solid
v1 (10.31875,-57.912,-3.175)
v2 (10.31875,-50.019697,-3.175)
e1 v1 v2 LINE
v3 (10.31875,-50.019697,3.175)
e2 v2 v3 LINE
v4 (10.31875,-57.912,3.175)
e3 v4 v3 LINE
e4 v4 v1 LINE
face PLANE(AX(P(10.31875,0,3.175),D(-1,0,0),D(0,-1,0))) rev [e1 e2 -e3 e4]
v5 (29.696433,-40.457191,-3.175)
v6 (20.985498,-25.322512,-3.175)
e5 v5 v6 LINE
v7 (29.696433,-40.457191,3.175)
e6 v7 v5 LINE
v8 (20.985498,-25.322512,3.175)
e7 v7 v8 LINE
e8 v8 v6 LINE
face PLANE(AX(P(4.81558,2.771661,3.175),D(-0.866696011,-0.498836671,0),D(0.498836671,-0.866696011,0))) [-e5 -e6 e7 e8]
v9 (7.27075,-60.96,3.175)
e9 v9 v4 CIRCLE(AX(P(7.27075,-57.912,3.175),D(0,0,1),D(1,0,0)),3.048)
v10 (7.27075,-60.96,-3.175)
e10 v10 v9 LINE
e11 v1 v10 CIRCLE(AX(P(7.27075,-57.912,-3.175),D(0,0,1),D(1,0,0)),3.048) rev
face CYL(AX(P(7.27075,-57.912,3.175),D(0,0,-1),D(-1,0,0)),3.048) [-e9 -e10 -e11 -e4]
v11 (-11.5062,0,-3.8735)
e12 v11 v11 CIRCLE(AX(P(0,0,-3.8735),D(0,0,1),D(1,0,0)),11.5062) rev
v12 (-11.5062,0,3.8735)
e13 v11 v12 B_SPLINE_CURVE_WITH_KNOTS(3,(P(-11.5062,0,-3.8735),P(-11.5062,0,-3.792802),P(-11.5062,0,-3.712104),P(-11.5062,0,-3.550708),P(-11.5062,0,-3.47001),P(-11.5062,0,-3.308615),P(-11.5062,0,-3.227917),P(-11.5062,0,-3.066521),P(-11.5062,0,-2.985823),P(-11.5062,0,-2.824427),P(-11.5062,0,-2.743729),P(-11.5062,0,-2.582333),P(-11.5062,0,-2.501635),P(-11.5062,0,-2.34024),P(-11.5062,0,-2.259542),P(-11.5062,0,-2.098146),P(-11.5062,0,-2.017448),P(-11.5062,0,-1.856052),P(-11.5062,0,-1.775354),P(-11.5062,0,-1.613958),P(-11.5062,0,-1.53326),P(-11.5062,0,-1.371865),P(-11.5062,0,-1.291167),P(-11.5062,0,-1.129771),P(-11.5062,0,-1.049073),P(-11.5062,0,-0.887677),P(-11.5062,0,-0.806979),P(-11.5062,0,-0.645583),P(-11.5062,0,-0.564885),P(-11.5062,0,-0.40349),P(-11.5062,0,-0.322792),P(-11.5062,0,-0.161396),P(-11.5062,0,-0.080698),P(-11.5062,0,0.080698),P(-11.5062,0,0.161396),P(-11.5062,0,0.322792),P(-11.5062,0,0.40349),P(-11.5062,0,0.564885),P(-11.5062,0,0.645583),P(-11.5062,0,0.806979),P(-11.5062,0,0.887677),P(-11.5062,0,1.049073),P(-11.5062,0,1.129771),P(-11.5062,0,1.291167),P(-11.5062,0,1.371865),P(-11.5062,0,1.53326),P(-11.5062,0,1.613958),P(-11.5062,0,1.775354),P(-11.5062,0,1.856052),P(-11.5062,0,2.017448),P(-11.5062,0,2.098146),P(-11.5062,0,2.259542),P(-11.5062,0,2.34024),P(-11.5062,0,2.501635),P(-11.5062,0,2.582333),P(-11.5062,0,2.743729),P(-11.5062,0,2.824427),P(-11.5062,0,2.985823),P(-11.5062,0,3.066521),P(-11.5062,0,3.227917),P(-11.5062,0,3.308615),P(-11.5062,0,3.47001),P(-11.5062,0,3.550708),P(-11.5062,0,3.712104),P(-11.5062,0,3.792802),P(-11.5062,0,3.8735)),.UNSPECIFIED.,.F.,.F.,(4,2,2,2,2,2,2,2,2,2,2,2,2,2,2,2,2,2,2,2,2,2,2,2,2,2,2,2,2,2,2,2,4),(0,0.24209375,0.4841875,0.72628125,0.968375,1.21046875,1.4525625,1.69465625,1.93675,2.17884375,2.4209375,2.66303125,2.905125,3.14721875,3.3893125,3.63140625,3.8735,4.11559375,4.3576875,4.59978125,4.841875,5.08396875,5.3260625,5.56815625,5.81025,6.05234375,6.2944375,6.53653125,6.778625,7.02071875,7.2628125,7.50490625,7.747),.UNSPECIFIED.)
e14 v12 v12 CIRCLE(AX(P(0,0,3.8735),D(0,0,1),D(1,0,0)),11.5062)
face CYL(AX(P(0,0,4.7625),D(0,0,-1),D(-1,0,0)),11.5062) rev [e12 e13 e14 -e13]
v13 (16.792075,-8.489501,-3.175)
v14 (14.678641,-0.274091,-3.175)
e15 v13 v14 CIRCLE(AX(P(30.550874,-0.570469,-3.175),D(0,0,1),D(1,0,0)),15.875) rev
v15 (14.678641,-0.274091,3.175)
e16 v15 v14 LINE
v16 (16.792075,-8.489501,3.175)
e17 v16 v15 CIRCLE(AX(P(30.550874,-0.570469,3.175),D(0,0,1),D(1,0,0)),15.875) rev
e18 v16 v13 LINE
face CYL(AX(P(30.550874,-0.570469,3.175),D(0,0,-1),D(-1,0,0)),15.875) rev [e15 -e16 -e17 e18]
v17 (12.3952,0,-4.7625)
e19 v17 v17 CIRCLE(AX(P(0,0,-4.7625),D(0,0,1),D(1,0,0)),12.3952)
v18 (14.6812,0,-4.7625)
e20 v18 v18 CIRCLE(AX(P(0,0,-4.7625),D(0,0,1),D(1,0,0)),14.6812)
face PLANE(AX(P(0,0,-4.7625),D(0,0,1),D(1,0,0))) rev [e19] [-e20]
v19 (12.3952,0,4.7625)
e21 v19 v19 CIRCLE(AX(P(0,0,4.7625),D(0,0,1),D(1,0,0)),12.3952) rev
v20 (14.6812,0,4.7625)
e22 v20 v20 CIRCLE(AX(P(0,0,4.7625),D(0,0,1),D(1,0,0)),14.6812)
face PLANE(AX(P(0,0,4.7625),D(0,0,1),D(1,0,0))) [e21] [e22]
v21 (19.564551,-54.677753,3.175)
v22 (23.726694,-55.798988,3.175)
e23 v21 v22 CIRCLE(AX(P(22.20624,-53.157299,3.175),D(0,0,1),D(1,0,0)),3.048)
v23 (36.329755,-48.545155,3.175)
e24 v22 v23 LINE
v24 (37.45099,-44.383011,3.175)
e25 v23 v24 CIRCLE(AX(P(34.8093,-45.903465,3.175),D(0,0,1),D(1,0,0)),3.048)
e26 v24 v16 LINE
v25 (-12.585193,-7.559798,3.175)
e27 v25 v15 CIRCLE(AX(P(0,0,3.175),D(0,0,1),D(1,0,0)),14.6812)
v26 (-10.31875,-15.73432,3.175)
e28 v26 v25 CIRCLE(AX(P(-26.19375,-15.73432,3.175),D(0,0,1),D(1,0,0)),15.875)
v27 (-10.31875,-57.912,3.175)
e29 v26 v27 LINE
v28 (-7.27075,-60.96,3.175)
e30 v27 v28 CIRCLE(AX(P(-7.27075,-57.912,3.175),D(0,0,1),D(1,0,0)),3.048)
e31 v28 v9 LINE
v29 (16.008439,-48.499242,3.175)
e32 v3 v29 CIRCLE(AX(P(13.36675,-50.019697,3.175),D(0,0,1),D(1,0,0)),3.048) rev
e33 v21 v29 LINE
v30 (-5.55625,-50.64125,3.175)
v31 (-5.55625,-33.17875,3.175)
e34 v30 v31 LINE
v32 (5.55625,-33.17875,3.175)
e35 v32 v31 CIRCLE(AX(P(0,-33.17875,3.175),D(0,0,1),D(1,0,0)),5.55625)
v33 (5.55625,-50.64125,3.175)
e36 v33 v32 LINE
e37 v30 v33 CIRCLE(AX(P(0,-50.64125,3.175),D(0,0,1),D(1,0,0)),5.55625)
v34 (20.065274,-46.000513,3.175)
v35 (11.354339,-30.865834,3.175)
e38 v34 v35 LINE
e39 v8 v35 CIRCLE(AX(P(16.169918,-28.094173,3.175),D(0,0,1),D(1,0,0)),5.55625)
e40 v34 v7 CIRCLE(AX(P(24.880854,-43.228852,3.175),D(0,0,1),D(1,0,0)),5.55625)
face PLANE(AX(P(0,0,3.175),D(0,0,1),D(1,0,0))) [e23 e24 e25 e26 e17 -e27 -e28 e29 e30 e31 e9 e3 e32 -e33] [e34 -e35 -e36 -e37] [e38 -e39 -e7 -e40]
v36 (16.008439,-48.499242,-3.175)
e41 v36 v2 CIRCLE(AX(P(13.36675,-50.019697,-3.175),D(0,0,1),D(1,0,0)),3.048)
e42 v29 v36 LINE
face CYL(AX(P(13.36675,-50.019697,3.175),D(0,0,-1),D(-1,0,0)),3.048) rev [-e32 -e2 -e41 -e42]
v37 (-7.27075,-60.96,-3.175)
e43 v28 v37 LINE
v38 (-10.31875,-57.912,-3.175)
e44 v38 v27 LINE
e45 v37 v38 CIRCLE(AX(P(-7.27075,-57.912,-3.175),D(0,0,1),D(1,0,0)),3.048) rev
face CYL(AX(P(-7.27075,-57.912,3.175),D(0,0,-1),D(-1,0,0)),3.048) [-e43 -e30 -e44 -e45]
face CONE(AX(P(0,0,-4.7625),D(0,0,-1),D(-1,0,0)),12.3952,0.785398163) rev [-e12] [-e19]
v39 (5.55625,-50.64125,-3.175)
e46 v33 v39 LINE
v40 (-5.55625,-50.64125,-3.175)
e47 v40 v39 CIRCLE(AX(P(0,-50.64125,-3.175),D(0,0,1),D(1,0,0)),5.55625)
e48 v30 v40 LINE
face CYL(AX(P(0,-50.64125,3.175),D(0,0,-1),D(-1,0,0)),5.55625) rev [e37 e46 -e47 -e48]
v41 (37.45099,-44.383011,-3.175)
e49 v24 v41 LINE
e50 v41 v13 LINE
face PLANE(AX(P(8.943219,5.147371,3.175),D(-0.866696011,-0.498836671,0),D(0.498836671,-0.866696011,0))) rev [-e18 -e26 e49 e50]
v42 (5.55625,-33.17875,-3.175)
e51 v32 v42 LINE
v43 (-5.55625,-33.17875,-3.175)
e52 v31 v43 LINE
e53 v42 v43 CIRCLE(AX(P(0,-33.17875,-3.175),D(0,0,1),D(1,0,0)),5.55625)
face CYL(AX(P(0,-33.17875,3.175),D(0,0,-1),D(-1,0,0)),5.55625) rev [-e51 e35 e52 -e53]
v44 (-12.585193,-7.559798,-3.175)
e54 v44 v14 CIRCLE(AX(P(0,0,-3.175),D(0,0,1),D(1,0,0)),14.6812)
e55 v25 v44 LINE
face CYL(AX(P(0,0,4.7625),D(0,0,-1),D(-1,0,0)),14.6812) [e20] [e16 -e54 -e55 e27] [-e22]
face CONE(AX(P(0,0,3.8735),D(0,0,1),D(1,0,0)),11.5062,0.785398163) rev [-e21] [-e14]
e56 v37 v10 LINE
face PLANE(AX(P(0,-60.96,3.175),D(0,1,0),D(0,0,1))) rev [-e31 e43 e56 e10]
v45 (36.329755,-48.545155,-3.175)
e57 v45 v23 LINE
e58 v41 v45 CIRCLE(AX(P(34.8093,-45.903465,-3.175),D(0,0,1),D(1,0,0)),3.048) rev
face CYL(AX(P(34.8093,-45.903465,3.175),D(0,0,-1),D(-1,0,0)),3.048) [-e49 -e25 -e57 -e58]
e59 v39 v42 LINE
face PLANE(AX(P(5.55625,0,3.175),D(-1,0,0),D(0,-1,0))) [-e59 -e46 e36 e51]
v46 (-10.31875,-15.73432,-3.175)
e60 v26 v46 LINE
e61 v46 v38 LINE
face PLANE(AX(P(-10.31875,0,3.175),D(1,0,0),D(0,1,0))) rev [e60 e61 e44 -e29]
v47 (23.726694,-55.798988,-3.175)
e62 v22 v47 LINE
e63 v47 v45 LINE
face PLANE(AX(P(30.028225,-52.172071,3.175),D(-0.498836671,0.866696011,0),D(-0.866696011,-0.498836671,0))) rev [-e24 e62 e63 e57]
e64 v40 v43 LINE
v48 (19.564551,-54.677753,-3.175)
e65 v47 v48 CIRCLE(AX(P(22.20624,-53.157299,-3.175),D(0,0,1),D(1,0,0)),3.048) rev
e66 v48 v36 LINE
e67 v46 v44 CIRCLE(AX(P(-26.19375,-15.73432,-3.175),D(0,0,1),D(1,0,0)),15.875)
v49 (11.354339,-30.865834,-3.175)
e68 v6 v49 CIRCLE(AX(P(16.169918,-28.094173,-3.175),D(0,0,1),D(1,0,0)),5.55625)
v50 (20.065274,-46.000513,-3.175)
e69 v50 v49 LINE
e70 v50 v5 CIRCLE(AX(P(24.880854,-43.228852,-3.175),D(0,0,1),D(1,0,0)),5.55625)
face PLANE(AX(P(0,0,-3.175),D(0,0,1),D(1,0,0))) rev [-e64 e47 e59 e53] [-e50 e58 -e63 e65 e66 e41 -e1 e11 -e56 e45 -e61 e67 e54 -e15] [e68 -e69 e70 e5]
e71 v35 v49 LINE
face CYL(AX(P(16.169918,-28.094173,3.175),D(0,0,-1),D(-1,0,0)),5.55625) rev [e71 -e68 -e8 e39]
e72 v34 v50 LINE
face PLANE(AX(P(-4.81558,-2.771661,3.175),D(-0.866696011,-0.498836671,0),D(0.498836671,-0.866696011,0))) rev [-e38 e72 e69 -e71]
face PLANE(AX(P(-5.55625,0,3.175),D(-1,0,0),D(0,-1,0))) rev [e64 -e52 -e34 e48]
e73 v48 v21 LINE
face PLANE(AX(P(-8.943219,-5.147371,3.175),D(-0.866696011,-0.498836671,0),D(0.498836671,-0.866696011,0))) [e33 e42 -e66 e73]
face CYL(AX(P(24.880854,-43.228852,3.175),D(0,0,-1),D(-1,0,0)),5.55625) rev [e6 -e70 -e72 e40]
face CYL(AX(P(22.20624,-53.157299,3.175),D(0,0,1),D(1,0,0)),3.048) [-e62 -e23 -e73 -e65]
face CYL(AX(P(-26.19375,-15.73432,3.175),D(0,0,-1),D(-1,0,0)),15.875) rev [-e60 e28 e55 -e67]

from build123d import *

# Parameters (mm, degrees)
SKETCH1_R           = 11.5062
BOSS_EXTRUDE2_DEPTH = 4.7625
BOSS_EXTRUDE3_DEPTH = 3.175
FILLET1_R           = 3.048
CHAMFER1_SIZE       = 0.889


with BuildPart() as part:
    # Sketch1 → Boss-Extrude2 (new, symmetric)
    with BuildSketch(Plane.XY):
        with BuildLine():
            ThreePointArc((14.678641207, -0.274090755), (-3.790252382, 14.183498169), (-12.585193267, -7.559797873))
            ThreePointArc((-12.585193267, -7.559797873), (3.790252382, -14.183498169), (14.678641207, -0.274090755))
        make_face()
        Circle(SKETCH1_R, mode=Mode.SUBTRACT)
    extrude(amount=BOSS_EXTRUDE2_DEPTH, both=True)

    # Sketch1<4> → Boss-Extrude3 (add, symmetric)
    with BuildSketch(Plane.XY):
        with BuildLine():
            ThreePointArc((-12.585193267, -7.559797873), (-10.89585042, -11.492870345), (-10.31875, -15.734319794))
            Line((-10.31875, -15.734319794), (-10.31875, -60.96))
            Line((-10.31875, -60.96), (10.31875, -60.96))
            Line((10.31875, -60.96), (10.31875, -38.613780025))
            Line((10.31875, -38.613780025), (21.085005048, -57.319442333))
            Line((21.085005048, -57.319442333), (38.971443982, -47.024700544))
            Line((38.971443982, -47.024700544), (16.792075167, -8.489501312))
            ThreePointArc((16.792075167, -8.489501312), (15.176455277, -4.52557514), (14.678641207, -0.274090755))
            ThreePointArc((14.678641207, -0.274090755), (3.790252382, -14.183498169), (-12.585193267, -7.559797873))
        make_face()
        with BuildLine():
            ThreePointArc((5.55625, -50.64125), (0, -56.1975), (-5.55625, -50.64125))
            Line((-5.55625, -50.64125), (-5.55625, -33.17875))
            ThreePointArc((-5.55625, -33.17875), (0, -27.6225), (5.55625, -33.17875))
            Line((5.55625, -33.17875), (5.55625, -50.64125))
        make_face(mode=Mode.SUBTRACT)
        with BuildLine():
            ThreePointArc((29.696433333, -40.45719072), (27.652514871, -48.044431684), (20.065273907, -46.000513222))
            Line((20.065273907, -46.000513222), (11.354338547, -30.865834124))
            ThreePointArc((11.354338547, -30.865834124), (13.398257009, -23.27859316), (20.985497973, -25.322511622))
            Line((20.985497973, -25.322511622), (29.696433333, -40.45719072))
        make_face(mode=Mode.SUBTRACT)
    extrude(amount=BOSS_EXTRUDE3_DEPTH, both=True)

    # Fillet1
    fillet1_edges = [part.edges().sort_by_distance(p)[0] for p in [
        (-10.31875, -60.96, 0),
        (38.971443982, -47.024700544, 0),
        (10.31875, -38.613780025, 0),
        (10.31875, -60.96, 0),
        (21.085005048, -57.319442333, 0),
    ]]
    fillet(fillet1_edges, radius=FILLET1_R)

    # Chamfer1
    chamfer1_edges = [part.edges().sort_by_distance(p)[0] for p in [
        (-11.5062, 0, -4.7625),
        (-11.5062, 0, 4.7625),
    ]]
    chamfer(chamfer1_edges, length=CHAMFER1_SIZE)


solid = part.part
